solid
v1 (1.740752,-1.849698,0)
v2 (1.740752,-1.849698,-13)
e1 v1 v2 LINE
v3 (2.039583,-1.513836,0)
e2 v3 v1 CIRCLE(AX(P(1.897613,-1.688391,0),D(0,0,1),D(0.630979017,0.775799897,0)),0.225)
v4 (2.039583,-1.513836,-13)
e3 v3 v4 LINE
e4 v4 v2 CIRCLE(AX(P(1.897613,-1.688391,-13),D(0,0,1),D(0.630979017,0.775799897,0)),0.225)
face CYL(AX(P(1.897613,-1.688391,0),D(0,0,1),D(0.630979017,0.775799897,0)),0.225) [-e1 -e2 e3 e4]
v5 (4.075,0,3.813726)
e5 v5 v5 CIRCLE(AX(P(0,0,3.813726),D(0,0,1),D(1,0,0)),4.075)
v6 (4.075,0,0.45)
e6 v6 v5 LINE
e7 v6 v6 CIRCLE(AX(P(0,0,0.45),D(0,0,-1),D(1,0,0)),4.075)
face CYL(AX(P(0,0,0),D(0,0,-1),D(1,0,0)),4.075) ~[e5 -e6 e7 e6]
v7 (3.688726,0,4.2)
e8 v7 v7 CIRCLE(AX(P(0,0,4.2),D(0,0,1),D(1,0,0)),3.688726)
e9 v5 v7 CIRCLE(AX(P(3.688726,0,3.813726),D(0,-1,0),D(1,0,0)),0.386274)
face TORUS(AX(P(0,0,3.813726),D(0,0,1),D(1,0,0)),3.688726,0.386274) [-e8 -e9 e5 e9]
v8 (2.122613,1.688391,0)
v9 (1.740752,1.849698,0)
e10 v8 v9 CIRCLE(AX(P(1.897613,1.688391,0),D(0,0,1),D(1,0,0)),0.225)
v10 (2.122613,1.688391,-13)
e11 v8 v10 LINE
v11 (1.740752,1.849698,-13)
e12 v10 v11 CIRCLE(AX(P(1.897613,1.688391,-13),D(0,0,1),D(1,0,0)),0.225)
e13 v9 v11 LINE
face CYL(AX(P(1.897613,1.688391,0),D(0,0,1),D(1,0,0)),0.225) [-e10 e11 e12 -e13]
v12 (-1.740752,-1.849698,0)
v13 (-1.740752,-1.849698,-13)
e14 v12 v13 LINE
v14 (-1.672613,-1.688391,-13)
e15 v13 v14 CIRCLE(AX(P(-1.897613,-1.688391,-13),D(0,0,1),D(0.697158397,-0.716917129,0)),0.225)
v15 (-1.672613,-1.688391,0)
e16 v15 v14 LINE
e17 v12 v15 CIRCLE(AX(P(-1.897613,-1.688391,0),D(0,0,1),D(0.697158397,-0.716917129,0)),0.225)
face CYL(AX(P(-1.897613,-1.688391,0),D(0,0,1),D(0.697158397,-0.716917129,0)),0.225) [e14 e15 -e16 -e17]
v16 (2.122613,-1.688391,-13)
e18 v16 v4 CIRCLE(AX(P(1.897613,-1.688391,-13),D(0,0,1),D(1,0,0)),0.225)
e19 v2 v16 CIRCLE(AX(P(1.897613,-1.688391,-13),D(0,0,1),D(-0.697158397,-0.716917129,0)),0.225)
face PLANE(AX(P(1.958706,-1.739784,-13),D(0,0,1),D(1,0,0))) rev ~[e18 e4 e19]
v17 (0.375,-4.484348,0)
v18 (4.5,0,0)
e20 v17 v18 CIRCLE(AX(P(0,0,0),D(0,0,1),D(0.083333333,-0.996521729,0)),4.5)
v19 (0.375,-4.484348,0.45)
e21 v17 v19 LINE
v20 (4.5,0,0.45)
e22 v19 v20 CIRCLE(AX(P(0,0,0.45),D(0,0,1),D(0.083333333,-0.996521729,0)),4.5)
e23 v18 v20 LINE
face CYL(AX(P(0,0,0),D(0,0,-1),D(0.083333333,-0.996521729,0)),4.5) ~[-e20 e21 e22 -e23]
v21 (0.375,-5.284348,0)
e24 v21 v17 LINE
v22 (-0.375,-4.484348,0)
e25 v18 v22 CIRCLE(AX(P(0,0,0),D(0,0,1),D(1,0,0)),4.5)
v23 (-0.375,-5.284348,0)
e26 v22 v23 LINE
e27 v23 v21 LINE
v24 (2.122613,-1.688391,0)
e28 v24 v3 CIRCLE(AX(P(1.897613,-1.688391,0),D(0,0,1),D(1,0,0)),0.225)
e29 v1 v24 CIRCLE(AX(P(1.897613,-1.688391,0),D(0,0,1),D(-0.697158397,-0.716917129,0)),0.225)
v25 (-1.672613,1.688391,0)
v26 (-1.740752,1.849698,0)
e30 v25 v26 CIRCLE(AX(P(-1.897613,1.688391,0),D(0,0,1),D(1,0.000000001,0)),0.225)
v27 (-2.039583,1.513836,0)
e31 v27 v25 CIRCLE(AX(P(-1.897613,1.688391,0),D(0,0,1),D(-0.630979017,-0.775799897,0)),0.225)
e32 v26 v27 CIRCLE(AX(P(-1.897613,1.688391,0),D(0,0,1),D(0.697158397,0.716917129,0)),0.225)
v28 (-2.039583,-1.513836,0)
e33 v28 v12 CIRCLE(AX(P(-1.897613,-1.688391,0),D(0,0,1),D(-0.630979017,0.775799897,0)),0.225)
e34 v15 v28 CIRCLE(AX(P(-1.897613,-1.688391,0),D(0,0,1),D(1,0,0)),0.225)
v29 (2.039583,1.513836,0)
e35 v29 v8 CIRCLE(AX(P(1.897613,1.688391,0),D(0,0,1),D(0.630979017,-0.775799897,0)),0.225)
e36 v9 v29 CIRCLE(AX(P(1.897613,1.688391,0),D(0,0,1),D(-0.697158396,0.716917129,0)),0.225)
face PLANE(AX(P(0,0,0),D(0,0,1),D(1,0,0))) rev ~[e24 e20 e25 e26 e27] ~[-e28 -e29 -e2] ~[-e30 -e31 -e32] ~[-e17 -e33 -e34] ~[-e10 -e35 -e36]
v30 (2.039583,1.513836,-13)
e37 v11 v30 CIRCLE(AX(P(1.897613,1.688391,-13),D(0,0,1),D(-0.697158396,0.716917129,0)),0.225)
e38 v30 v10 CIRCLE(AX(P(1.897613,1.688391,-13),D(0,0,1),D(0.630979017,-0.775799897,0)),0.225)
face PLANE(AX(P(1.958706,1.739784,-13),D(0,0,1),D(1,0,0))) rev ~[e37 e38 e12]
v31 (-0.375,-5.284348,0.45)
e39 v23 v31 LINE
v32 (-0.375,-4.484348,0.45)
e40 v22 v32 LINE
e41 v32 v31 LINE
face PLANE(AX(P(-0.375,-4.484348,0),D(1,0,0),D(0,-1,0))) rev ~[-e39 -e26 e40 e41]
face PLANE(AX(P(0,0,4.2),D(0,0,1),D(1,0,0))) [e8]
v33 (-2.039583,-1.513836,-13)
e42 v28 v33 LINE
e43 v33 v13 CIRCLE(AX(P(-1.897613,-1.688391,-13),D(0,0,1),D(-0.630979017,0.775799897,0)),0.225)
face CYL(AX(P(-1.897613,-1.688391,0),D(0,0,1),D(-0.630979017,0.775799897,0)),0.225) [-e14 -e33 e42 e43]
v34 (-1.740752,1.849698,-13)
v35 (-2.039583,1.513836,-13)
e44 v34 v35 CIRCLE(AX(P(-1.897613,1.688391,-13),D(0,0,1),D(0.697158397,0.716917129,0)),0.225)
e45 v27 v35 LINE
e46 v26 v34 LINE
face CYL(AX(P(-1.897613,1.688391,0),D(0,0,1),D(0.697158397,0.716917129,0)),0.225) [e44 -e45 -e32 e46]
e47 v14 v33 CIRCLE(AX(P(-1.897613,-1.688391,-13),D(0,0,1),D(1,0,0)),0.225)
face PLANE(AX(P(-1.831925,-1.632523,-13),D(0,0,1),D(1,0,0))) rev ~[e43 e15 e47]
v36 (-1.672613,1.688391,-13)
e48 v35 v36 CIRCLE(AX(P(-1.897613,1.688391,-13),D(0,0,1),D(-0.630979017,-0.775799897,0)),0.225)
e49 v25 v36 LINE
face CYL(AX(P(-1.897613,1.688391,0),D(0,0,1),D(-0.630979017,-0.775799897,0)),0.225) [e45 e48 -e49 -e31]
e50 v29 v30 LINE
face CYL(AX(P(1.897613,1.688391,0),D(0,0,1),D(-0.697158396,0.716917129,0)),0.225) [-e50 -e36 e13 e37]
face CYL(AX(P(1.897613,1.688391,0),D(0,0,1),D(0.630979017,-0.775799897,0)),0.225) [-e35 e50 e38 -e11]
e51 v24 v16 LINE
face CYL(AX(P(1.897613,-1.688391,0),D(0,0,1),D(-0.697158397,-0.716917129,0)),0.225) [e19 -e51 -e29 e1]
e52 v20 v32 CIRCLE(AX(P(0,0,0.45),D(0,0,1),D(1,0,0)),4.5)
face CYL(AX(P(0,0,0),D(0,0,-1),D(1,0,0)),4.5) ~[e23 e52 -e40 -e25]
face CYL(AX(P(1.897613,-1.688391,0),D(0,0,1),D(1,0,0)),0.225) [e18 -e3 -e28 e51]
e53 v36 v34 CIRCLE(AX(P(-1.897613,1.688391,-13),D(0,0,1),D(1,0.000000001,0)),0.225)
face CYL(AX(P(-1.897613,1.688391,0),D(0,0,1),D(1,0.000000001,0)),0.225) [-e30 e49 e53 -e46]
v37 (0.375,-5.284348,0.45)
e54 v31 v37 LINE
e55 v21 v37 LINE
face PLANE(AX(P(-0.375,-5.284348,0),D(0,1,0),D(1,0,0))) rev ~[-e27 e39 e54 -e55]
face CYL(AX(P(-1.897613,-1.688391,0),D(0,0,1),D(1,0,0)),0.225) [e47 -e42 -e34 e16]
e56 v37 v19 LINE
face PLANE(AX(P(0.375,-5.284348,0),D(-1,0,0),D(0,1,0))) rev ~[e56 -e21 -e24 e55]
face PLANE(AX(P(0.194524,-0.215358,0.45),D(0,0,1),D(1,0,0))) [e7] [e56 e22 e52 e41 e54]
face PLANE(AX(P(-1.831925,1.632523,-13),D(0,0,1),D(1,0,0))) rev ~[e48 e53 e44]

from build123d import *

# Parameters (mm, degrees)
F0_R     = 4.075
F1_DEPTH = 0.45
F2_DEPTH = 4.2
F3_DEPTH = 13
F4_R     = 0.38627417


with BuildPart() as f1:
    # F0 (on Top) → F1 (new body)
    with BuildSketch(Plane.XY):
        with BuildLine():
            ThreePointArc((0.375, -4.4843477787), (3.3119103249, -3.0465144017), (4.5, 0))
            ThreePointArc((4.5, 0), (-3.0465144017, 3.3119103249), (-0.375, -4.4843477787))
            ThreePointArc((-0.375, -4.4843477787), (0, -4.5), (0.375, -4.4843477787))
        make_face()
        Circle(F0_R, mode=Mode.SUBTRACT)
        Circle(F0_R)
        with BuildLine():
            ThreePointArc((2.0395831107, 1.5138364292), (2.4116530743, 0.7972010094), (2.54, 0))
            ThreePointArc((2.54, 0), (2.4116530743, -0.7972010094), (2.0395831107, -1.5138364292))
            ThreePointArc((2.0395831107, -1.5138364292), (2.1007978618, -1.5917433661), (2.1226128319, -1.6883914061))
            ThreePointArc((2.1226128319, -1.6883914061), (1.9851666901, -1.8956577128), (1.7407521927, -1.8496977601))
            ThreePointArc((1.7407521927, -1.8496977601), (0, -2.54), (-1.7407521927, -1.8496977601))
            ThreePointArc((-1.7407521927, -1.8496977601), (-2.0657084568, -1.8379536369), (-2.0395831107, -1.5138364292))
            ThreePointArc((-2.0395831107, -1.5138364292), (-2.54, 0), (-2.0395831107, 1.5138364292))
            ThreePointArc((-2.0395831107, 1.5138364292), (-2.0657084568, 1.8379536369), (-1.7407521927, 1.8496977601))
            ThreePointArc((-1.7407521927, 1.8496977601), (0, 2.54), (1.7407521927, 1.8496977601))
            ThreePointArc((1.7407521927, 1.8496977601), (1.9851666901, 1.8956577128), (2.1226128319, 1.6883914061))
            ThreePointArc((2.1226128319, 1.6883914061), (2.1007978618, 1.5917433661), (2.0395831107, 1.5138364292))
        make_face(mode=Mode.SUBTRACT)
        with BuildLine():
            ThreePointArc((2.0395831107, -1.5138364292), (2.4116530743, -0.7972010094), (2.54, 0))
            ThreePointArc((2.54, 0), (2.4116530743, 0.7972010094), (2.0395831107, 1.5138364292))
            ThreePointArc((2.0395831107, 1.5138364292), (1.729517207, 1.5388291752), (1.7407521927, 1.8496977601))
            ThreePointArc((1.7407521927, 1.8496977601), (0, 2.54), (-1.7407521927, 1.8496977601))
            ThreePointArc((-1.7407521927, 1.8496977601), (-1.6903465252, 1.7759452643), (-1.6726128319, 1.6883914061))
            ThreePointArc((-1.6726128319, 1.6883914061), (-1.8009647919, 1.4852063762), (-2.0395831107, 1.5138364292))
            ThreePointArc((-2.0395831107, 1.5138364292), (-2.54, 0), (-2.0395831107, -1.5138364292))
            ThreePointArc((-2.0395831107, -1.5138364292), (-1.8009647919, -1.4852063762), (-1.6726128319, -1.6883914061))
            ThreePointArc((-1.6726128319, -1.6883914061), (-1.6903465252, -1.7759452643), (-1.7407521927, -1.8496977601))
            ThreePointArc((-1.7407521927, -1.8496977601), (0, -2.54), (1.7407521927, -1.8496977601))
            ThreePointArc((1.7407521927, -1.8496977601), (1.729517207, -1.5388291752), (2.0395831107, -1.5138364292))
        make_face()
        with BuildLine():
            ThreePointArc((0.375, -4.4843477787), (0, -4.5), (-0.375, -4.4843477787))
            Line((-0.375, -4.4843477787), (-0.375, -5.2843477787))
            Line((-0.375, -5.2843477787), (0.375, -5.2843477787))
            Line((0.375, -5.2843477787), (0.375, -4.4843477787))
        make_face()
        with BuildLine():
            ThreePointArc((-2.0395831107, 1.5138364292), (-1.8976128319, 1.6883914061), (-1.7407521927, 1.8496977601))
            ThreePointArc((-1.7407521927, 1.8496977601), (-2.0657084568, 1.8379536369), (-2.0395831107, 1.5138364292))
        make_face()
        with BuildLine():
            ThreePointArc((1.7407521927, 1.8496977601), (1.8976128319, 1.6883914061), (2.0395831107, 1.5138364292))
            ThreePointArc((2.0395831107, 1.5138364292), (2.1007978618, 1.5917433661), (2.1226128319, 1.6883914061))
            ThreePointArc((2.1226128319, 1.6883914061), (1.9851666901, 1.8956577128), (1.7407521927, 1.8496977601))
        make_face()
        with BuildLine():
            ThreePointArc((2.1226128319, -1.6883914061), (2.1007978618, -1.5917433661), (2.0395831107, -1.5138364292))
            ThreePointArc((2.0395831107, -1.5138364292), (1.8976128319, -1.6883914061), (1.7407521927, -1.8496977601))
            ThreePointArc((1.7407521927, -1.8496977601), (1.9851666901, -1.8956577128), (2.1226128319, -1.6883914061))
        make_face()
        with BuildLine():
            ThreePointArc((-2.0395831107, -1.5138364292), (-2.0657084568, -1.8379536369), (-1.7407521927, -1.8496977601))
            ThreePointArc((-1.7407521927, -1.8496977601), (-1.8976128319, -1.6883914061), (-2.0395831107, -1.5138364292))
        make_face()
        with BuildLine():
            ThreePointArc((-1.6726128319, 1.6883914061), (-1.6903465252, 1.7759452643), (-1.7407521927, 1.8496977601))
            ThreePointArc((-1.7407521927, 1.8496977601), (-1.8976128319, 1.6883914061), (-2.0395831107, 1.5138364292))
            ThreePointArc((-2.0395831107, 1.5138364292), (-1.8009647919, 1.4852063762), (-1.6726128319, 1.6883914061))
        make_face()
        with BuildLine():
            ThreePointArc((1.7407521927, 1.8496977601), (1.729517207, 1.5388291752), (2.0395831107, 1.5138364292))
            ThreePointArc((2.0395831107, 1.5138364292), (1.8976128319, 1.6883914061), (1.7407521927, 1.8496977601))
        make_face()
        with BuildLine():
            ThreePointArc((1.7407521927, -1.8496977601), (1.8976128319, -1.6883914061), (2.0395831107, -1.5138364292))
            ThreePointArc((2.0395831107, -1.5138364292), (1.729517207, -1.5388291752), (1.7407521927, -1.8496977601))
        make_face()
        with BuildLine():
            ThreePointArc((-2.0395831107, -1.5138364292), (-1.8976128319, -1.6883914061), (-1.7407521927, -1.8496977601))
            ThreePointArc((-1.7407521927, -1.8496977601), (-1.6903465252, -1.7759452643), (-1.6726128319, -1.6883914061))
            ThreePointArc((-1.6726128319, -1.6883914061), (-1.8009647919, -1.4852063762), (-2.0395831107, -1.5138364292))
        make_face()
    extrude(amount=F1_DEPTH)

    # F0 (on Top) → F2 (join)
    with BuildSketch(Plane.XY):
        Circle(F0_R)
        with BuildLine():
            ThreePointArc((2.0395831107, 1.5138364292), (2.4116530743, 0.7972010094), (2.54, 0))
            ThreePointArc((2.54, 0), (2.4116530743, -0.7972010094), (2.0395831107, -1.5138364292))
            ThreePointArc((2.0395831107, -1.5138364292), (2.1007978618, -1.5917433661), (2.1226128319, -1.6883914061))
            ThreePointArc((2.1226128319, -1.6883914061), (1.9851666901, -1.8956577128), (1.7407521927, -1.8496977601))
            ThreePointArc((1.7407521927, -1.8496977601), (0, -2.54), (-1.7407521927, -1.8496977601))
            ThreePointArc((-1.7407521927, -1.8496977601), (-2.0657084568, -1.8379536369), (-2.0395831107, -1.5138364292))
            ThreePointArc((-2.0395831107, -1.5138364292), (-2.54, 0), (-2.0395831107, 1.5138364292))
            ThreePointArc((-2.0395831107, 1.5138364292), (-2.0657084568, 1.8379536369), (-1.7407521927, 1.8496977601))
            ThreePointArc((-1.7407521927, 1.8496977601), (0, 2.54), (1.7407521927, 1.8496977601))
            ThreePointArc((1.7407521927, 1.8496977601), (1.9851666901, 1.8956577128), (2.1226128319, 1.6883914061))
            ThreePointArc((2.1226128319, 1.6883914061), (2.1007978618, 1.5917433661), (2.0395831107, 1.5138364292))
        make_face(mode=Mode.SUBTRACT)
        with BuildLine():
            ThreePointArc((2.0395831107, -1.5138364292), (2.4116530743, -0.7972010094), (2.54, 0))
            ThreePointArc((2.54, 0), (2.4116530743, 0.7972010094), (2.0395831107, 1.5138364292))
            ThreePointArc((2.0395831107, 1.5138364292), (1.729517207, 1.5388291752), (1.7407521927, 1.8496977601))
            ThreePointArc((1.7407521927, 1.8496977601), (0, 2.54), (-1.7407521927, 1.8496977601))
            ThreePointArc((-1.7407521927, 1.8496977601), (-1.6903465252, 1.7759452643), (-1.6726128319, 1.6883914061))
            ThreePointArc((-1.6726128319, 1.6883914061), (-1.8009647919, 1.4852063762), (-2.0395831107, 1.5138364292))
            ThreePointArc((-2.0395831107, 1.5138364292), (-2.54, 0), (-2.0395831107, -1.5138364292))
            ThreePointArc((-2.0395831107, -1.5138364292), (-1.8009647919, -1.4852063762), (-1.6726128319, -1.6883914061))
            ThreePointArc((-1.6726128319, -1.6883914061), (-1.6903465252, -1.7759452643), (-1.7407521927, -1.8496977601))
            ThreePointArc((-1.7407521927, -1.8496977601), (0, -2.54), (1.7407521927, -1.8496977601))
            ThreePointArc((1.7407521927, -1.8496977601), (1.729517207, -1.5388291752), (2.0395831107, -1.5138364292))
        make_face()
        with BuildLine():
            ThreePointArc((1.7407521927, 1.8496977601), (1.8976128319, 1.6883914061), (2.0395831107, 1.5138364292))
            ThreePointArc((2.0395831107, 1.5138364292), (2.1007978618, 1.5917433661), (2.1226128319, 1.6883914061))
            ThreePointArc((2.1226128319, 1.6883914061), (1.9851666901, 1.8956577128), (1.7407521927, 1.8496977601))
        make_face()
        with BuildLine():
            ThreePointArc((1.7407521927, 1.8496977601), (1.729517207, 1.5388291752), (2.0395831107, 1.5138364292))
            ThreePointArc((2.0395831107, 1.5138364292), (1.8976128319, 1.6883914061), (1.7407521927, 1.8496977601))
        make_face()
        with BuildLine():
            ThreePointArc((-2.0395831107, -1.5138364292), (-1.8976128319, -1.6883914061), (-1.7407521927, -1.8496977601))
            ThreePointArc((-1.7407521927, -1.8496977601), (-1.6903465252, -1.7759452643), (-1.6726128319, -1.6883914061))
            ThreePointArc((-1.6726128319, -1.6883914061), (-1.8009647919, -1.4852063762), (-2.0395831107, -1.5138364292))
        make_face()
        with BuildLine():
            ThreePointArc((-2.0395831107, 1.5138364292), (-1.8976128319, 1.6883914061), (-1.7407521927, 1.8496977601))
            ThreePointArc((-1.7407521927, 1.8496977601), (-2.0657084568, 1.8379536369), (-2.0395831107, 1.5138364292))
        make_face()
        with BuildLine():
            ThreePointArc((-1.6726128319, 1.6883914061), (-1.6903465252, 1.7759452643), (-1.7407521927, 1.8496977601))
            ThreePointArc((-1.7407521927, 1.8496977601), (-1.8976128319, 1.6883914061), (-2.0395831107, 1.5138364292))
            ThreePointArc((-2.0395831107, 1.5138364292), (-1.8009647919, 1.4852063762), (-1.6726128319, 1.6883914061))
        make_face()
        with BuildLine():
            ThreePointArc((2.1226128319, -1.6883914061), (2.1007978618, -1.5917433661), (2.0395831107, -1.5138364292))
            ThreePointArc((2.0395831107, -1.5138364292), (1.8976128319, -1.6883914061), (1.7407521927, -1.8496977601))
            ThreePointArc((1.7407521927, -1.8496977601), (1.9851666901, -1.8956577128), (2.1226128319, -1.6883914061))
        make_face()
        with BuildLine():
            ThreePointArc((1.7407521927, -1.8496977601), (1.8976128319, -1.6883914061), (2.0395831107, -1.5138364292))
            ThreePointArc((2.0395831107, -1.5138364292), (1.729517207, -1.5388291752), (1.7407521927, -1.8496977601))
        make_face()
        with BuildLine():
            ThreePointArc((-2.0395831107, -1.5138364292), (-2.0657084568, -1.8379536369), (-1.7407521927, -1.8496977601))
            ThreePointArc((-1.7407521927, -1.8496977601), (-1.8976128319, -1.6883914061), (-2.0395831107, -1.5138364292))
        make_face()
    extrude(amount=F2_DEPTH)

    # F0 (on Top) → F3 (join)
    with BuildSketch(Plane.XY):
        with BuildLine():
            ThreePointArc((1.7407521927, 1.8496977601), (1.8976128319, 1.6883914061), (2.0395831107, 1.5138364292))
            ThreePointArc((2.0395831107, 1.5138364292), (2.1007978618, 1.5917433661), (2.1226128319, 1.6883914061))
            ThreePointArc((2.1226128319, 1.6883914061), (1.9851666901, 1.8956577128), (1.7407521927, 1.8496977601))
        make_face()
        with BuildLine():
            ThreePointArc((1.7407521927, 1.8496977601), (1.729517207, 1.5388291752), (2.0395831107, 1.5138364292))
            ThreePointArc((2.0395831107, 1.5138364292), (1.8976128319, 1.6883914061), (1.7407521927, 1.8496977601))
        make_face()
        with BuildLine():
            ThreePointArc((2.1226128319, -1.6883914061), (2.1007978618, -1.5917433661), (2.0395831107, -1.5138364292))
            ThreePointArc((2.0395831107, -1.5138364292), (1.8976128319, -1.6883914061), (1.7407521927, -1.8496977601))
            ThreePointArc((1.7407521927, -1.8496977601), (1.9851666901, -1.8956577128), (2.1226128319, -1.6883914061))
        make_face()
        with BuildLine():
            ThreePointArc((1.7407521927, -1.8496977601), (1.8976128319, -1.6883914061), (2.0395831107, -1.5138364292))
            ThreePointArc((2.0395831107, -1.5138364292), (1.729517207, -1.5388291752), (1.7407521927, -1.8496977601))
        make_face()
        with BuildLine():
            ThreePointArc((-1.6726128319, 1.6883914061), (-1.6903465252, 1.7759452643), (-1.7407521927, 1.8496977601))
            ThreePointArc((-1.7407521927, 1.8496977601), (-1.8976128319, 1.6883914061), (-2.0395831107, 1.5138364292))
            ThreePointArc((-2.0395831107, 1.5138364292), (-1.8009647919, 1.4852063762), (-1.6726128319, 1.6883914061))
        make_face()
        with BuildLine():
            ThreePointArc((-2.0395831107, 1.5138364292), (-1.8976128319, 1.6883914061), (-1.7407521927, 1.8496977601))
            ThreePointArc((-1.7407521927, 1.8496977601), (-2.0657084568, 1.8379536369), (-2.0395831107, 1.5138364292))
        make_face()
        with BuildLine():
            ThreePointArc((-2.0395831107, -1.5138364292), (-1.8976128319, -1.6883914061), (-1.7407521927, -1.8496977601))
            ThreePointArc((-1.7407521927, -1.8496977601), (-1.6903465252, -1.7759452643), (-1.6726128319, -1.6883914061))
            ThreePointArc((-1.6726128319, -1.6883914061), (-1.8009647919, -1.4852063762), (-2.0395831107, -1.5138364292))
        make_face()
        with BuildLine():
            ThreePointArc((-2.0395831107, -1.5138364292), (-2.0657084568, -1.8379536369), (-1.7407521927, -1.8496977601))
            ThreePointArc((-1.7407521927, -1.8496977601), (-1.8976128319, -1.6883914061), (-2.0395831107, -1.5138364292))
        make_face()
    extrude(amount=-F3_DEPTH)

    # F4
    f4_edges = [f1.edges().sort_by_distance(p)[0] for p in [
        (-4.075, 0, 4.2),
    ]]
    fillet(f4_edges, radius=F4_R)


solid = f1.part
